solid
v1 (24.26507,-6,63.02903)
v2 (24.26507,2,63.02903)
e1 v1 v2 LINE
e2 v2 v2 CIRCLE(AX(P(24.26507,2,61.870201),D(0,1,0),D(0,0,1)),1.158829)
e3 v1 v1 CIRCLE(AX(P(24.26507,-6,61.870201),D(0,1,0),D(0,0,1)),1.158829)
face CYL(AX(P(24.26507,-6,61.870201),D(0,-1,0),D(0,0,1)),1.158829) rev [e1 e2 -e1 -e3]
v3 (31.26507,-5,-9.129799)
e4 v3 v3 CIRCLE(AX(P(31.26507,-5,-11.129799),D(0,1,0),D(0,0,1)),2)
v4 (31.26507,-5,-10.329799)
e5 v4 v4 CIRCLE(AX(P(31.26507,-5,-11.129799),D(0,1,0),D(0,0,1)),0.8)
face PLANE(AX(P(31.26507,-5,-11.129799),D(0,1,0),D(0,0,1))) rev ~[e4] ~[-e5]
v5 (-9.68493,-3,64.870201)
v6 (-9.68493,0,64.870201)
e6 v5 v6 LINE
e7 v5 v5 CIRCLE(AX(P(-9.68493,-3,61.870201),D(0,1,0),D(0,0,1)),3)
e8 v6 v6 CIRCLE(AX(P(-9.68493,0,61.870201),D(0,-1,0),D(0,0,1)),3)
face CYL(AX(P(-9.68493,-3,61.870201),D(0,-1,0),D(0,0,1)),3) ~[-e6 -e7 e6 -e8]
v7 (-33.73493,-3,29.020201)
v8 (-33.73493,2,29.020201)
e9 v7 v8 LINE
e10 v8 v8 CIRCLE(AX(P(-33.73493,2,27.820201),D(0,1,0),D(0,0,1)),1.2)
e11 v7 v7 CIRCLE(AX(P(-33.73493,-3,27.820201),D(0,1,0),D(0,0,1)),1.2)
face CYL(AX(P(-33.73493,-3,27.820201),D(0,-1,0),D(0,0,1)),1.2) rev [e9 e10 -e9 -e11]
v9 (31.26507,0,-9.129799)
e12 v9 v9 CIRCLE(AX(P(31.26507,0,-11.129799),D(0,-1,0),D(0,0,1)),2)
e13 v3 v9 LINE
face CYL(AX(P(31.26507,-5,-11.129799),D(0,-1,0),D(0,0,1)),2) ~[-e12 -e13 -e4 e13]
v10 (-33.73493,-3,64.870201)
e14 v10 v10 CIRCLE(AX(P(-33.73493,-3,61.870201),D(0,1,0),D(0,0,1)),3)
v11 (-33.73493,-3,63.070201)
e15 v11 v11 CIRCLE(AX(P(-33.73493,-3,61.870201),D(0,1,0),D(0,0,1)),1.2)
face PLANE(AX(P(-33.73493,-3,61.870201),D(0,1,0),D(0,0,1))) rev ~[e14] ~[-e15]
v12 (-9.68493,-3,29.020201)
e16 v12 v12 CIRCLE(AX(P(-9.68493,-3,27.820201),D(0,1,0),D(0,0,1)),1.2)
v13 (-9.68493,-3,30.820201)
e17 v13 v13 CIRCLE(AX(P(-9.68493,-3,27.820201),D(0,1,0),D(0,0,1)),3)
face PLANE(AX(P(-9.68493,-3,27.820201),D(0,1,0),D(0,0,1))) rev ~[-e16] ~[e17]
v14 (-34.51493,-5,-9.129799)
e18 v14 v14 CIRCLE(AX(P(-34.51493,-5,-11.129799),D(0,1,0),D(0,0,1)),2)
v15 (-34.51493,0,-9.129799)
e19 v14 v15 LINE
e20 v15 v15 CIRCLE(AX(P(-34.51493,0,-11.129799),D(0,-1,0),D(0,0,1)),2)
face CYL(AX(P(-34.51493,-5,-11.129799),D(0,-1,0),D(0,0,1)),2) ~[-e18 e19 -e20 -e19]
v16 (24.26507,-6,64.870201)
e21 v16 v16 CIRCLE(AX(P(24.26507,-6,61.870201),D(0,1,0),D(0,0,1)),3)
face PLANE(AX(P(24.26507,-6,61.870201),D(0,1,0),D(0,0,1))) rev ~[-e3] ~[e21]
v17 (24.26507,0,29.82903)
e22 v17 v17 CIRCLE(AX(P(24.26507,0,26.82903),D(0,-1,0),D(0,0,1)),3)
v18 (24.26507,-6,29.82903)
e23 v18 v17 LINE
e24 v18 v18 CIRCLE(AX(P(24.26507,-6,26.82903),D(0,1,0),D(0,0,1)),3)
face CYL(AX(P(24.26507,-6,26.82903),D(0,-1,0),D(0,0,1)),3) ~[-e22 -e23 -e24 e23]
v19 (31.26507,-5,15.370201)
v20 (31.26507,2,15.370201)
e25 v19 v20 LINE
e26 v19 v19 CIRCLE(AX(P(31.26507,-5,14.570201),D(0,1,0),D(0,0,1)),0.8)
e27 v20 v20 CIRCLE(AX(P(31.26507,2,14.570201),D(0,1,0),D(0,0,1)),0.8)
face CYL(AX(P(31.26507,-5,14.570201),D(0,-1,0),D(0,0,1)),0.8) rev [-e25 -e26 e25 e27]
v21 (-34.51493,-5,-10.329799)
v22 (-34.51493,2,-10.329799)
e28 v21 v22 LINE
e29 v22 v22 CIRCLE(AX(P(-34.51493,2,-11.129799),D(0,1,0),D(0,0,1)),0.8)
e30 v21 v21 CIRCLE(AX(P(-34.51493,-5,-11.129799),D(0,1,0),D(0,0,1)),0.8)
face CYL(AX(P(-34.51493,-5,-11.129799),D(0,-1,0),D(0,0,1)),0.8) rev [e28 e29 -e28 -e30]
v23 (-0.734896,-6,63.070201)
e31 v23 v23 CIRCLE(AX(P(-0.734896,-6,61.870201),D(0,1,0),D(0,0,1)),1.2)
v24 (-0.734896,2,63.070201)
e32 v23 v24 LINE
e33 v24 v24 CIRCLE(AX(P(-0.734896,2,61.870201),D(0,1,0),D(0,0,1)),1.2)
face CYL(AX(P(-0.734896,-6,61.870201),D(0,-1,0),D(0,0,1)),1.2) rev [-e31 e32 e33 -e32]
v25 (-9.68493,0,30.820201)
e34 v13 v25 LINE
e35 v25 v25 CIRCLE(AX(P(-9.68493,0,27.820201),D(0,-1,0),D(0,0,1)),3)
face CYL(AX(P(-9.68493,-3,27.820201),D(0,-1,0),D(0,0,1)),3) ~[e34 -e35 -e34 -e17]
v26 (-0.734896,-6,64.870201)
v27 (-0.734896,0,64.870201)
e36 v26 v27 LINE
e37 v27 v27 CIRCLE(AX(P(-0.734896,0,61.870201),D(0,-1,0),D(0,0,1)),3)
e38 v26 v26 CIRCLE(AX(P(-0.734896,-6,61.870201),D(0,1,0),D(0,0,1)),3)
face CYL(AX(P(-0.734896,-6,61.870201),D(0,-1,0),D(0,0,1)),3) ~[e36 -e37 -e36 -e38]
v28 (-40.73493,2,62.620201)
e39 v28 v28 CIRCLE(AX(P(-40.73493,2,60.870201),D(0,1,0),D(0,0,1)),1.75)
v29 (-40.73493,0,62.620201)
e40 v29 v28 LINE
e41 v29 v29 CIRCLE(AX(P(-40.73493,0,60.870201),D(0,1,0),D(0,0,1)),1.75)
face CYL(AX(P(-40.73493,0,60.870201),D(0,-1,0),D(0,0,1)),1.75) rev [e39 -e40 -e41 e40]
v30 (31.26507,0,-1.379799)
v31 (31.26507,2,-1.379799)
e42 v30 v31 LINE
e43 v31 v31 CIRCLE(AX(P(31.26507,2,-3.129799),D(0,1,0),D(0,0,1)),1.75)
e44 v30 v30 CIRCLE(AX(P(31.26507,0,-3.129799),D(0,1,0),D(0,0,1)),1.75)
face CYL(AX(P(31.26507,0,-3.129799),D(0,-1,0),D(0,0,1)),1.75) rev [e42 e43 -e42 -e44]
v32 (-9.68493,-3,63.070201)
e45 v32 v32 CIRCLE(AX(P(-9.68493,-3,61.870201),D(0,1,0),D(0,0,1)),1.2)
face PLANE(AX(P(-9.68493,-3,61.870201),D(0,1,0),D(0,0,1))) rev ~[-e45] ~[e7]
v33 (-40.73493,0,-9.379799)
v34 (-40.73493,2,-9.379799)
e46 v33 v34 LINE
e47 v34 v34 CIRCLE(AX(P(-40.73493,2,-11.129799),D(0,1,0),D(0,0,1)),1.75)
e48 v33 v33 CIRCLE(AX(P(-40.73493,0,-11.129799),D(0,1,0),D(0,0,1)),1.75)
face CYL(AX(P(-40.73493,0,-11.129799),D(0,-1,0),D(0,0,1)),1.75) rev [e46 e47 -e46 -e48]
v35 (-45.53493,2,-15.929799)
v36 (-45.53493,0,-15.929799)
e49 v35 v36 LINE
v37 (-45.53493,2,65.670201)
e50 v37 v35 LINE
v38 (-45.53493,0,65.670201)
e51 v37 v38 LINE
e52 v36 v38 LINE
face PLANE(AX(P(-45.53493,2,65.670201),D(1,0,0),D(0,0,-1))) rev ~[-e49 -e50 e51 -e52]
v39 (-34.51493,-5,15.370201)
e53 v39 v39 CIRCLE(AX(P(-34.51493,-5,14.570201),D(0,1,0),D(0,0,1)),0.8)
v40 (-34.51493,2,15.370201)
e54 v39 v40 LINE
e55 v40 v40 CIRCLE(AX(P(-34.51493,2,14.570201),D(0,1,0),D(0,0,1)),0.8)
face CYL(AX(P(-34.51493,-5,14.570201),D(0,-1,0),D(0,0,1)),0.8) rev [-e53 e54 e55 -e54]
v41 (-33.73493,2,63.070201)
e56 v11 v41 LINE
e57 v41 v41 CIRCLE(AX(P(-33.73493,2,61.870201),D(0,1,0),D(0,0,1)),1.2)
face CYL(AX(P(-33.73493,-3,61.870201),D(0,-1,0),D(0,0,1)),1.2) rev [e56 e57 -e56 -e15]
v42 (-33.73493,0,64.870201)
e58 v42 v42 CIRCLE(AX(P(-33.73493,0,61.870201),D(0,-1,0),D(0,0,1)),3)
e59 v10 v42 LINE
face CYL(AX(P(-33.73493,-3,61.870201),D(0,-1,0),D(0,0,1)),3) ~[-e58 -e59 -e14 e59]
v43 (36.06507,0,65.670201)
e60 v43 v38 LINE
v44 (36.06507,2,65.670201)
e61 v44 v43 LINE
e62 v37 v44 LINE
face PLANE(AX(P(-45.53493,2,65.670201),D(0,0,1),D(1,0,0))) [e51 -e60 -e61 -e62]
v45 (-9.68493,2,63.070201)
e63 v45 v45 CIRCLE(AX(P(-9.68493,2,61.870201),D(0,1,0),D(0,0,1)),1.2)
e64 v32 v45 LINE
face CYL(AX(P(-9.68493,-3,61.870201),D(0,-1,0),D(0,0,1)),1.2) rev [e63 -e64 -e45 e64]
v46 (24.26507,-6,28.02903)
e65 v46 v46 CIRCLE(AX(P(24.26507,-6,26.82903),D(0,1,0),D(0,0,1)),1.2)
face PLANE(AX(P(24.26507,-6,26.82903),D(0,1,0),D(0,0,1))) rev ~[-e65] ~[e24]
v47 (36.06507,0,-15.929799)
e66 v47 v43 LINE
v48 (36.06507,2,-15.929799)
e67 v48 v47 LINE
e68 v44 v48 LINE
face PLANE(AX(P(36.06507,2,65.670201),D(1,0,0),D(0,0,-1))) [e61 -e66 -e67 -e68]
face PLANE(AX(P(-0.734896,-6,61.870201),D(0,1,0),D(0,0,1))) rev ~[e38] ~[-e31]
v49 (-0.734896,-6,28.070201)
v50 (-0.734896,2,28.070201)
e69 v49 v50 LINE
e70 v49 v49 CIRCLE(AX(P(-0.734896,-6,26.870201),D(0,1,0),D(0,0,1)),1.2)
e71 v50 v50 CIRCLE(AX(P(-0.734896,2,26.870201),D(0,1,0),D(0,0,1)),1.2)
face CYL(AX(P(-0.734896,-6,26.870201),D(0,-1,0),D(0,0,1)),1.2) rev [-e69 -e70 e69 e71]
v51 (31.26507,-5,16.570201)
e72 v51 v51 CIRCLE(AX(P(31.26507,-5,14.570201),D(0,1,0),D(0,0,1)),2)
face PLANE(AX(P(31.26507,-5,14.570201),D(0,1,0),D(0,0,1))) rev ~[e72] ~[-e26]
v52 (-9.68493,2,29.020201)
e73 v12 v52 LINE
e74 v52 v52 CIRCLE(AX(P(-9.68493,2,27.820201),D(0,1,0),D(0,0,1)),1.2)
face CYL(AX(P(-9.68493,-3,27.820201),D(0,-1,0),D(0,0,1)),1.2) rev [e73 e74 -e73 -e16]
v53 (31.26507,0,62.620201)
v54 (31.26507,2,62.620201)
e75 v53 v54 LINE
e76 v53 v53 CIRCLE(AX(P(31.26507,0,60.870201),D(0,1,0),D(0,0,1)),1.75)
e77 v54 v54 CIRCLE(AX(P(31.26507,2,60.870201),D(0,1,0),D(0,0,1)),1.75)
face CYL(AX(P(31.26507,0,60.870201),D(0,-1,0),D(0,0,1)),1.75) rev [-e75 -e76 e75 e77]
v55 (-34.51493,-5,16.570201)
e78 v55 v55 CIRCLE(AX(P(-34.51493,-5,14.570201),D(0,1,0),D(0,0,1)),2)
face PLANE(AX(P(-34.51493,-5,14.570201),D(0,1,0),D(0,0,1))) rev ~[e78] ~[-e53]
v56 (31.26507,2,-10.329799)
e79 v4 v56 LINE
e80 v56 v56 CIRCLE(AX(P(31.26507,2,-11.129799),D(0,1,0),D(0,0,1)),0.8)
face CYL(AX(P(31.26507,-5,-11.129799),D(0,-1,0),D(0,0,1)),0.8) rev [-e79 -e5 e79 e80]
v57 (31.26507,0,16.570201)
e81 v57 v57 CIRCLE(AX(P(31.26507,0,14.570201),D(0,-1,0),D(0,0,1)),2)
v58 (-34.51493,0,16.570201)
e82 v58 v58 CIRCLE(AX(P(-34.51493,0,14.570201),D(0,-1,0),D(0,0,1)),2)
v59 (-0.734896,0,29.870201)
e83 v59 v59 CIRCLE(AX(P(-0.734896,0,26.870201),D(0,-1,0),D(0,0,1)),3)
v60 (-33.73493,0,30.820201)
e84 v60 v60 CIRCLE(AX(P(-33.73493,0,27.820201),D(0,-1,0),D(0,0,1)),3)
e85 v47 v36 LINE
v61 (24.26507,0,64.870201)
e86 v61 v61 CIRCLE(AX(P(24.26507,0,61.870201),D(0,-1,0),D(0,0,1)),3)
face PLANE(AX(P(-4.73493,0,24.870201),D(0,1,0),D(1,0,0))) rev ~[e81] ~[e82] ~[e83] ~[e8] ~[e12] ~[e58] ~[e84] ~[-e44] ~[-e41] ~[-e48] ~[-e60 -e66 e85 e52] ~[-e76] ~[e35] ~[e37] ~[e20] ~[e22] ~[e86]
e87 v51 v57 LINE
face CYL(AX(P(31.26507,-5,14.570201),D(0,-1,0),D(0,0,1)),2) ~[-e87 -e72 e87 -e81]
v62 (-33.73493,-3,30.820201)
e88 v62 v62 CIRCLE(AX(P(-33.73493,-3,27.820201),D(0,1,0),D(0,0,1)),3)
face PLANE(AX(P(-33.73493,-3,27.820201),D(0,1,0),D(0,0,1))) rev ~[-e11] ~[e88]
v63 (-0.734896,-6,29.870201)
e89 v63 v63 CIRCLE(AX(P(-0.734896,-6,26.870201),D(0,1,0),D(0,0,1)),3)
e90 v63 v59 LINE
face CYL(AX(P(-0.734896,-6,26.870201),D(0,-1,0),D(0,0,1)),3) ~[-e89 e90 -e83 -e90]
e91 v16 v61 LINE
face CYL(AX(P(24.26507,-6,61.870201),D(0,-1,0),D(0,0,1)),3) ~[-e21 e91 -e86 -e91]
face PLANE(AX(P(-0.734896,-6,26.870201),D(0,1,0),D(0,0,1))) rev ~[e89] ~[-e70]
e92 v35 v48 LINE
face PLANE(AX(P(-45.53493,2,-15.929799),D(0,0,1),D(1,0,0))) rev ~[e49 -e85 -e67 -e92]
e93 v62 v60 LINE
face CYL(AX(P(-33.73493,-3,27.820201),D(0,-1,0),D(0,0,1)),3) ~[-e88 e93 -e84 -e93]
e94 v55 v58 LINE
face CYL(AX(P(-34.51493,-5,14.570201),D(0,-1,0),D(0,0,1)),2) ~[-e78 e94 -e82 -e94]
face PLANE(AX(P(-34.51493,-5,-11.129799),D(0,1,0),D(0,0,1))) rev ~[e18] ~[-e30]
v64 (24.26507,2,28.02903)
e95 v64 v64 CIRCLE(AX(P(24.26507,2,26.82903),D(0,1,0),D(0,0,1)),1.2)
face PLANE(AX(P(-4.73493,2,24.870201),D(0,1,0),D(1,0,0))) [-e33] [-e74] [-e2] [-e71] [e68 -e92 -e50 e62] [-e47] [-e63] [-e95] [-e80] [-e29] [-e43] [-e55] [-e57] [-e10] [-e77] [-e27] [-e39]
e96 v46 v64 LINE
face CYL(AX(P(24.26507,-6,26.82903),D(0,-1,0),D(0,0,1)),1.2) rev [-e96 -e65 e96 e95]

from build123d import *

# Parameters (mm, degrees)
SKETCH_1_W          = 82
SKETCH_1_H          = 82
SKETCH_1_R          = 1.75
EXTRUDE_1_DEPTH     = 2
CUT_EXTRUDE_START   = -2
SKETCH_2_R          = 1.75
SKETCH_2_R_2        = 0.8
SKETCH_2_R_3        = 1.2
CUT_EXTRUDE_1_DEPTH = 2
EXTRUDE_START       = -7
SKETCH_4_R          = 2
SKETCH_4_R_2        = 0.8
EXTRUDE_2_DEPTH     = 7
EXTRUDE_START_2     = -5
SKETCH_5_R          = 3
SKETCH_5_R_2        = 1.2
EXTRUDE_3_DEPTH     = 5
EXTRUDE_START_3     = -8
SKETCH_6_R          = 3
SKETCH_6_R_2        = 1.2
SKETCH_6_R_3        = 1.158828733
EXTRUDE_4_DEPTH     = 8
CUT_EXTRUDE_2_REACH = 82.589
SKETCH_7_W          = 82
SKETCH_7_H          = 82
SKETCH_7_W_2        = 81.6
SKETCH_7_H_2        = 81.6


with BuildPart() as part:
    # 草圖1 → 填料-伸長1 (new body)
    with BuildSketch(Plane(origin=(0, 0, 0), x_dir=(1, 0, 0), z_dir=(0, 1, 0))):
        with Locations((-4.734930226, -24.870201097)):
            Rectangle(SKETCH_1_W, SKETCH_1_H)
        with Locations(Location((-40.734930226, 11.129798903, 0), (0, 0, 270))):
            Circle(SKETCH_1_R, mode=Mode.SUBTRACT)
        with Locations(Location((-40.734930226, -60.870201097, 0), (0, 0, 270))):
            Circle(SKETCH_1_R, mode=Mode.SUBTRACT)
        with Locations(Location((31.265069774, 3.129798903, 0), (0, 0, 270))):
            Circle(SKETCH_1_R, mode=Mode.SUBTRACT)
        with Locations(Location((31.265069774, -60.870201097, 0), (0, 0, 270))):
            Circle(SKETCH_1_R, mode=Mode.SUBTRACT)
    extrude(amount=EXTRUDE_1_DEPTH)

    # 草圖2 → 除料-伸長1 (cut)
    with BuildSketch(Plane(origin=(0, 2, 0), x_dir=(1, 0, 0), z_dir=(0, 1, 0)).offset(CUT_EXTRUDE_START)):
        with Locations(Location((-40.734930226, 11.129798903, 0), (0, 0, 270))):
            Circle(SKETCH_2_R)
        with Locations(Location((-34.514930226, -14.570201097, 0), (0, 0, 270))):
            Circle(SKETCH_2_R_2)
        with Locations(Location((31.265069774, -14.570201097, 0), (0, 0, 270))):
            Circle(SKETCH_2_R_2)
        with Locations(Location((-33.734930226, -27.820201097, 0), (0, 0, 270))):
            Circle(SKETCH_2_R_3)
        with Locations(Location((-33.734930226, -61.870201097, 0), (0, 0, 270))):
            Circle(SKETCH_2_R_3)
        with Locations(Location((-9.684930226, -27.820201097, 0), (0, 0, 270))):
            Circle(SKETCH_2_R_3)
        with Locations(Location((-9.684930226, -61.870201097, 0), (0, 0, 270))):
            Circle(SKETCH_2_R_3)
        with Locations(Location((-0.734896325, -26.870201097, 0), (0, 0, 270))):
            Circle(SKETCH_2_R_3)
        with Locations(Location((24.265069774, -26.82902983, 0), (0, 0, 270))):
            Circle(SKETCH_2_R_3)
        with Locations(Location((-0.734896325, -61.870201097, 0), (0, 0, 270))):
            Circle(SKETCH_2_R_3)
        with Locations(Location((24.265069774, -61.82902983, 0), (0, 0, 270))):
            Circle(SKETCH_2_R_3)
        with Locations(Location((31.265069774, 11.129798903, 0), (0, 0, 270))):
            Circle(SKETCH_2_R_2)
        with Locations(Location((-34.514930226, 11.129798903, 0), (0, 0, 270))):
            Circle(SKETCH_2_R_2)
    extrude(amount=CUT_EXTRUDE_1_DEPTH, mode=Mode.SUBTRACT)

    # 草圖4 → 填料-伸長2 (add)
    # profile 1 of 4: a face of its own
    with BuildSketch(Plane(origin=(0, 2, 0), x_dir=(1, 0, 0), z_dir=(0, 1, 0)).offset(EXTRUDE_START)):
        with Locations(Location((-34.514930226, 11.129798903, 0), (0, 0, 270))):
            Circle(SKETCH_4_R)
        with Locations(Location((-34.514930226, 11.129798903, 0), (0, 0, 270))):
            Circle(SKETCH_4_R_2, mode=Mode.SUBTRACT)
    # profile 2 of 4: a face of its own
    with BuildSketch(Plane(origin=(0, 2, 0), x_dir=(1, 0, 0), z_dir=(0, 1, 0)).offset(EXTRUDE_START)):
        with Locations(Location((-34.514930226, -14.570201097, 0), (0, 0, 270))):
            Circle(SKETCH_4_R)
        with Locations(Location((-34.514930226, -14.570201097, 0), (0, 0, 270))):
            Circle(SKETCH_4_R_2, mode=Mode.SUBTRACT)
    # profile 3 of 4: a face of its own
    with BuildSketch(Plane(origin=(0, 2, 0), x_dir=(1, 0, 0), z_dir=(0, 1, 0)).offset(EXTRUDE_START)):
        with Locations(Location((31.265069774, 11.129798903, 0), (0, 0, 270))):
            Circle(SKETCH_4_R)
        with Locations(Location((31.265069774, 11.129798903, 0), (0, 0, 270))):
            Circle(SKETCH_4_R_2, mode=Mode.SUBTRACT)
    # profile 4 of 4: a face of its own
    with BuildSketch(Plane(origin=(0, 2, 0), x_dir=(1, 0, 0), z_dir=(0, 1, 0)).offset(EXTRUDE_START)):
        with Locations(Location((31.265069774, -14.570201097, 0), (0, 0, 270))):
            Circle(SKETCH_4_R)
        with Locations(Location((31.265069774, -14.570201097, 0), (0, 0, 270))):
            Circle(SKETCH_4_R_2, mode=Mode.SUBTRACT)
    extrude(amount=EXTRUDE_2_DEPTH)

    # 草圖5 → 填料-伸長3 (add)
    # profile 1 of 4: a face of its own
    with BuildSketch(Plane(origin=(0, 2, 0), x_dir=(1, 0, 0), z_dir=(0, 1, 0)).offset(EXTRUDE_START_2)):
        with Locations(Location((-33.734930226, -27.820201097, 0), (0, 0, 270))):
            Circle(SKETCH_5_R)
        with Locations(Location((-33.734930226, -27.820201097, 0), (0, 0, 270))):
            Circle(SKETCH_5_R_2, mode=Mode.SUBTRACT)
    # profile 2 of 4: a face of its own
    with BuildSketch(Plane(origin=(0, 2, 0), x_dir=(1, 0, 0), z_dir=(0, 1, 0)).offset(EXTRUDE_START_2)):
        with Locations(Location((-9.684930226, -27.820201097, 0), (0, 0, 270))):
            Circle(SKETCH_5_R)
        with Locations(Location((-9.684930226, -27.820201097, 0), (0, 0, 270))):
            Circle(SKETCH_5_R_2, mode=Mode.SUBTRACT)
    # profile 3 of 4: a face of its own
    with BuildSketch(Plane(origin=(0, 2, 0), x_dir=(1, 0, 0), z_dir=(0, 1, 0)).offset(EXTRUDE_START_2)):
        with Locations(Location((-33.734930226, -61.870201097, 0), (0, 0, 270))):
            Circle(SKETCH_5_R)
        with Locations(Location((-33.734930226, -61.870201097, 0), (0, 0, 270))):
            Circle(SKETCH_5_R_2, mode=Mode.SUBTRACT)
    # profile 4 of 4: a face of its own
    with BuildSketch(Plane(origin=(0, 2, 0), x_dir=(1, 0, 0), z_dir=(0, 1, 0)).offset(EXTRUDE_START_2)):
        with Locations(Location((-9.684930226, -61.870201097, 0), (0, 0, 270))):
            Circle(SKETCH_5_R)
        with Locations(Location((-9.684930226, -61.870201097, 0), (0, 0, 270))):
            Circle(SKETCH_5_R_2, mode=Mode.SUBTRACT)
    extrude(amount=EXTRUDE_3_DEPTH)

    # 草圖6 → 填料-伸長4 (add)
    # profile 1 of 4: a face of its own
    with BuildSketch(Plane(origin=(0, 2, 0), x_dir=(1, 0, 0), z_dir=(0, 1, 0)).offset(EXTRUDE_START_3)):
        with Locations(Location((-0.734896325, -26.870201097, 0), (0, 0, 270))):
            Circle(SKETCH_6_R)
        with Locations(Location((-0.734896325, -26.870201097, 0), (0, 0, 270))):
            Circle(SKETCH_6_R_2, mode=Mode.SUBTRACT)
    # profile 2 of 4: a face of its own
    with BuildSketch(Plane(origin=(0, 2, 0), x_dir=(1, 0, 0), z_dir=(0, 1, 0)).offset(EXTRUDE_START_3)):
        with Locations(Location((24.265069774, -26.82902983, 0), (0, 0, 270))):
            Circle(SKETCH_6_R)
        with Locations(Location((24.265069774, -26.82902983, 0), (0, 0, 270))):
            Circle(SKETCH_6_R_2, mode=Mode.SUBTRACT)
    # profile 3 of 4: a face of its own
    with BuildSketch(Plane(origin=(0, 2, 0), x_dir=(1, 0, 0), z_dir=(0, 1, 0)).offset(EXTRUDE_START_3)):
        with Locations(Location((-0.734896325, -61.870201097, 0), (0, 0, 270))):
            Circle(SKETCH_6_R)
        with Locations(Location((-0.734896325, -61.870201097, 0), (0, 0, 270))):
            Circle(SKETCH_6_R_2, mode=Mode.SUBTRACT)
    # profile 4 of 4: a face of its own
    with BuildSketch(Plane(origin=(0, 2, 0), x_dir=(1, 0, 0), z_dir=(0, 1, 0)).offset(EXTRUDE_START_3)):
        with Locations(Location((24.265069774, -61.870201097, 0), (0, 0, 270))):
            Circle(SKETCH_6_R)
        with Locations(Location((24.265069774, -61.870201097, 0), (0, 0, 270))):
            Circle(SKETCH_6_R_3, mode=Mode.SUBTRACT)
    extrude(amount=EXTRUDE_4_DEPTH)

    # 草圖7 → 除料-伸長2 (cut, up to next)
    with BuildSketch(Plane(origin=(0, 2, 0), x_dir=(1, 0, 0), z_dir=(0, 1, 0)), mode=Mode.PRIVATE) as cut_extrude_2_sk1:
        with Locations((-4.734930226, -24.870201097)):
            Rectangle(SKETCH_7_W, SKETCH_7_H)
        with Locations((-4.734930226, -24.870201097)):
            Rectangle(SKETCH_7_W_2, SKETCH_7_H_2, mode=Mode.SUBTRACT)
    cut_extrude_2_tool1 = extrude(cut_extrude_2_sk1.sketch, amount=-CUT_EXTRUDE_2_REACH, mode=Mode.PRIVATE) & part.part
    add(cut_extrude_2_tool1.solids().sort_by_distance((-4.73493, 2, -16.013833))[0], mode=Mode.SUBTRACT)


solid = part.part
